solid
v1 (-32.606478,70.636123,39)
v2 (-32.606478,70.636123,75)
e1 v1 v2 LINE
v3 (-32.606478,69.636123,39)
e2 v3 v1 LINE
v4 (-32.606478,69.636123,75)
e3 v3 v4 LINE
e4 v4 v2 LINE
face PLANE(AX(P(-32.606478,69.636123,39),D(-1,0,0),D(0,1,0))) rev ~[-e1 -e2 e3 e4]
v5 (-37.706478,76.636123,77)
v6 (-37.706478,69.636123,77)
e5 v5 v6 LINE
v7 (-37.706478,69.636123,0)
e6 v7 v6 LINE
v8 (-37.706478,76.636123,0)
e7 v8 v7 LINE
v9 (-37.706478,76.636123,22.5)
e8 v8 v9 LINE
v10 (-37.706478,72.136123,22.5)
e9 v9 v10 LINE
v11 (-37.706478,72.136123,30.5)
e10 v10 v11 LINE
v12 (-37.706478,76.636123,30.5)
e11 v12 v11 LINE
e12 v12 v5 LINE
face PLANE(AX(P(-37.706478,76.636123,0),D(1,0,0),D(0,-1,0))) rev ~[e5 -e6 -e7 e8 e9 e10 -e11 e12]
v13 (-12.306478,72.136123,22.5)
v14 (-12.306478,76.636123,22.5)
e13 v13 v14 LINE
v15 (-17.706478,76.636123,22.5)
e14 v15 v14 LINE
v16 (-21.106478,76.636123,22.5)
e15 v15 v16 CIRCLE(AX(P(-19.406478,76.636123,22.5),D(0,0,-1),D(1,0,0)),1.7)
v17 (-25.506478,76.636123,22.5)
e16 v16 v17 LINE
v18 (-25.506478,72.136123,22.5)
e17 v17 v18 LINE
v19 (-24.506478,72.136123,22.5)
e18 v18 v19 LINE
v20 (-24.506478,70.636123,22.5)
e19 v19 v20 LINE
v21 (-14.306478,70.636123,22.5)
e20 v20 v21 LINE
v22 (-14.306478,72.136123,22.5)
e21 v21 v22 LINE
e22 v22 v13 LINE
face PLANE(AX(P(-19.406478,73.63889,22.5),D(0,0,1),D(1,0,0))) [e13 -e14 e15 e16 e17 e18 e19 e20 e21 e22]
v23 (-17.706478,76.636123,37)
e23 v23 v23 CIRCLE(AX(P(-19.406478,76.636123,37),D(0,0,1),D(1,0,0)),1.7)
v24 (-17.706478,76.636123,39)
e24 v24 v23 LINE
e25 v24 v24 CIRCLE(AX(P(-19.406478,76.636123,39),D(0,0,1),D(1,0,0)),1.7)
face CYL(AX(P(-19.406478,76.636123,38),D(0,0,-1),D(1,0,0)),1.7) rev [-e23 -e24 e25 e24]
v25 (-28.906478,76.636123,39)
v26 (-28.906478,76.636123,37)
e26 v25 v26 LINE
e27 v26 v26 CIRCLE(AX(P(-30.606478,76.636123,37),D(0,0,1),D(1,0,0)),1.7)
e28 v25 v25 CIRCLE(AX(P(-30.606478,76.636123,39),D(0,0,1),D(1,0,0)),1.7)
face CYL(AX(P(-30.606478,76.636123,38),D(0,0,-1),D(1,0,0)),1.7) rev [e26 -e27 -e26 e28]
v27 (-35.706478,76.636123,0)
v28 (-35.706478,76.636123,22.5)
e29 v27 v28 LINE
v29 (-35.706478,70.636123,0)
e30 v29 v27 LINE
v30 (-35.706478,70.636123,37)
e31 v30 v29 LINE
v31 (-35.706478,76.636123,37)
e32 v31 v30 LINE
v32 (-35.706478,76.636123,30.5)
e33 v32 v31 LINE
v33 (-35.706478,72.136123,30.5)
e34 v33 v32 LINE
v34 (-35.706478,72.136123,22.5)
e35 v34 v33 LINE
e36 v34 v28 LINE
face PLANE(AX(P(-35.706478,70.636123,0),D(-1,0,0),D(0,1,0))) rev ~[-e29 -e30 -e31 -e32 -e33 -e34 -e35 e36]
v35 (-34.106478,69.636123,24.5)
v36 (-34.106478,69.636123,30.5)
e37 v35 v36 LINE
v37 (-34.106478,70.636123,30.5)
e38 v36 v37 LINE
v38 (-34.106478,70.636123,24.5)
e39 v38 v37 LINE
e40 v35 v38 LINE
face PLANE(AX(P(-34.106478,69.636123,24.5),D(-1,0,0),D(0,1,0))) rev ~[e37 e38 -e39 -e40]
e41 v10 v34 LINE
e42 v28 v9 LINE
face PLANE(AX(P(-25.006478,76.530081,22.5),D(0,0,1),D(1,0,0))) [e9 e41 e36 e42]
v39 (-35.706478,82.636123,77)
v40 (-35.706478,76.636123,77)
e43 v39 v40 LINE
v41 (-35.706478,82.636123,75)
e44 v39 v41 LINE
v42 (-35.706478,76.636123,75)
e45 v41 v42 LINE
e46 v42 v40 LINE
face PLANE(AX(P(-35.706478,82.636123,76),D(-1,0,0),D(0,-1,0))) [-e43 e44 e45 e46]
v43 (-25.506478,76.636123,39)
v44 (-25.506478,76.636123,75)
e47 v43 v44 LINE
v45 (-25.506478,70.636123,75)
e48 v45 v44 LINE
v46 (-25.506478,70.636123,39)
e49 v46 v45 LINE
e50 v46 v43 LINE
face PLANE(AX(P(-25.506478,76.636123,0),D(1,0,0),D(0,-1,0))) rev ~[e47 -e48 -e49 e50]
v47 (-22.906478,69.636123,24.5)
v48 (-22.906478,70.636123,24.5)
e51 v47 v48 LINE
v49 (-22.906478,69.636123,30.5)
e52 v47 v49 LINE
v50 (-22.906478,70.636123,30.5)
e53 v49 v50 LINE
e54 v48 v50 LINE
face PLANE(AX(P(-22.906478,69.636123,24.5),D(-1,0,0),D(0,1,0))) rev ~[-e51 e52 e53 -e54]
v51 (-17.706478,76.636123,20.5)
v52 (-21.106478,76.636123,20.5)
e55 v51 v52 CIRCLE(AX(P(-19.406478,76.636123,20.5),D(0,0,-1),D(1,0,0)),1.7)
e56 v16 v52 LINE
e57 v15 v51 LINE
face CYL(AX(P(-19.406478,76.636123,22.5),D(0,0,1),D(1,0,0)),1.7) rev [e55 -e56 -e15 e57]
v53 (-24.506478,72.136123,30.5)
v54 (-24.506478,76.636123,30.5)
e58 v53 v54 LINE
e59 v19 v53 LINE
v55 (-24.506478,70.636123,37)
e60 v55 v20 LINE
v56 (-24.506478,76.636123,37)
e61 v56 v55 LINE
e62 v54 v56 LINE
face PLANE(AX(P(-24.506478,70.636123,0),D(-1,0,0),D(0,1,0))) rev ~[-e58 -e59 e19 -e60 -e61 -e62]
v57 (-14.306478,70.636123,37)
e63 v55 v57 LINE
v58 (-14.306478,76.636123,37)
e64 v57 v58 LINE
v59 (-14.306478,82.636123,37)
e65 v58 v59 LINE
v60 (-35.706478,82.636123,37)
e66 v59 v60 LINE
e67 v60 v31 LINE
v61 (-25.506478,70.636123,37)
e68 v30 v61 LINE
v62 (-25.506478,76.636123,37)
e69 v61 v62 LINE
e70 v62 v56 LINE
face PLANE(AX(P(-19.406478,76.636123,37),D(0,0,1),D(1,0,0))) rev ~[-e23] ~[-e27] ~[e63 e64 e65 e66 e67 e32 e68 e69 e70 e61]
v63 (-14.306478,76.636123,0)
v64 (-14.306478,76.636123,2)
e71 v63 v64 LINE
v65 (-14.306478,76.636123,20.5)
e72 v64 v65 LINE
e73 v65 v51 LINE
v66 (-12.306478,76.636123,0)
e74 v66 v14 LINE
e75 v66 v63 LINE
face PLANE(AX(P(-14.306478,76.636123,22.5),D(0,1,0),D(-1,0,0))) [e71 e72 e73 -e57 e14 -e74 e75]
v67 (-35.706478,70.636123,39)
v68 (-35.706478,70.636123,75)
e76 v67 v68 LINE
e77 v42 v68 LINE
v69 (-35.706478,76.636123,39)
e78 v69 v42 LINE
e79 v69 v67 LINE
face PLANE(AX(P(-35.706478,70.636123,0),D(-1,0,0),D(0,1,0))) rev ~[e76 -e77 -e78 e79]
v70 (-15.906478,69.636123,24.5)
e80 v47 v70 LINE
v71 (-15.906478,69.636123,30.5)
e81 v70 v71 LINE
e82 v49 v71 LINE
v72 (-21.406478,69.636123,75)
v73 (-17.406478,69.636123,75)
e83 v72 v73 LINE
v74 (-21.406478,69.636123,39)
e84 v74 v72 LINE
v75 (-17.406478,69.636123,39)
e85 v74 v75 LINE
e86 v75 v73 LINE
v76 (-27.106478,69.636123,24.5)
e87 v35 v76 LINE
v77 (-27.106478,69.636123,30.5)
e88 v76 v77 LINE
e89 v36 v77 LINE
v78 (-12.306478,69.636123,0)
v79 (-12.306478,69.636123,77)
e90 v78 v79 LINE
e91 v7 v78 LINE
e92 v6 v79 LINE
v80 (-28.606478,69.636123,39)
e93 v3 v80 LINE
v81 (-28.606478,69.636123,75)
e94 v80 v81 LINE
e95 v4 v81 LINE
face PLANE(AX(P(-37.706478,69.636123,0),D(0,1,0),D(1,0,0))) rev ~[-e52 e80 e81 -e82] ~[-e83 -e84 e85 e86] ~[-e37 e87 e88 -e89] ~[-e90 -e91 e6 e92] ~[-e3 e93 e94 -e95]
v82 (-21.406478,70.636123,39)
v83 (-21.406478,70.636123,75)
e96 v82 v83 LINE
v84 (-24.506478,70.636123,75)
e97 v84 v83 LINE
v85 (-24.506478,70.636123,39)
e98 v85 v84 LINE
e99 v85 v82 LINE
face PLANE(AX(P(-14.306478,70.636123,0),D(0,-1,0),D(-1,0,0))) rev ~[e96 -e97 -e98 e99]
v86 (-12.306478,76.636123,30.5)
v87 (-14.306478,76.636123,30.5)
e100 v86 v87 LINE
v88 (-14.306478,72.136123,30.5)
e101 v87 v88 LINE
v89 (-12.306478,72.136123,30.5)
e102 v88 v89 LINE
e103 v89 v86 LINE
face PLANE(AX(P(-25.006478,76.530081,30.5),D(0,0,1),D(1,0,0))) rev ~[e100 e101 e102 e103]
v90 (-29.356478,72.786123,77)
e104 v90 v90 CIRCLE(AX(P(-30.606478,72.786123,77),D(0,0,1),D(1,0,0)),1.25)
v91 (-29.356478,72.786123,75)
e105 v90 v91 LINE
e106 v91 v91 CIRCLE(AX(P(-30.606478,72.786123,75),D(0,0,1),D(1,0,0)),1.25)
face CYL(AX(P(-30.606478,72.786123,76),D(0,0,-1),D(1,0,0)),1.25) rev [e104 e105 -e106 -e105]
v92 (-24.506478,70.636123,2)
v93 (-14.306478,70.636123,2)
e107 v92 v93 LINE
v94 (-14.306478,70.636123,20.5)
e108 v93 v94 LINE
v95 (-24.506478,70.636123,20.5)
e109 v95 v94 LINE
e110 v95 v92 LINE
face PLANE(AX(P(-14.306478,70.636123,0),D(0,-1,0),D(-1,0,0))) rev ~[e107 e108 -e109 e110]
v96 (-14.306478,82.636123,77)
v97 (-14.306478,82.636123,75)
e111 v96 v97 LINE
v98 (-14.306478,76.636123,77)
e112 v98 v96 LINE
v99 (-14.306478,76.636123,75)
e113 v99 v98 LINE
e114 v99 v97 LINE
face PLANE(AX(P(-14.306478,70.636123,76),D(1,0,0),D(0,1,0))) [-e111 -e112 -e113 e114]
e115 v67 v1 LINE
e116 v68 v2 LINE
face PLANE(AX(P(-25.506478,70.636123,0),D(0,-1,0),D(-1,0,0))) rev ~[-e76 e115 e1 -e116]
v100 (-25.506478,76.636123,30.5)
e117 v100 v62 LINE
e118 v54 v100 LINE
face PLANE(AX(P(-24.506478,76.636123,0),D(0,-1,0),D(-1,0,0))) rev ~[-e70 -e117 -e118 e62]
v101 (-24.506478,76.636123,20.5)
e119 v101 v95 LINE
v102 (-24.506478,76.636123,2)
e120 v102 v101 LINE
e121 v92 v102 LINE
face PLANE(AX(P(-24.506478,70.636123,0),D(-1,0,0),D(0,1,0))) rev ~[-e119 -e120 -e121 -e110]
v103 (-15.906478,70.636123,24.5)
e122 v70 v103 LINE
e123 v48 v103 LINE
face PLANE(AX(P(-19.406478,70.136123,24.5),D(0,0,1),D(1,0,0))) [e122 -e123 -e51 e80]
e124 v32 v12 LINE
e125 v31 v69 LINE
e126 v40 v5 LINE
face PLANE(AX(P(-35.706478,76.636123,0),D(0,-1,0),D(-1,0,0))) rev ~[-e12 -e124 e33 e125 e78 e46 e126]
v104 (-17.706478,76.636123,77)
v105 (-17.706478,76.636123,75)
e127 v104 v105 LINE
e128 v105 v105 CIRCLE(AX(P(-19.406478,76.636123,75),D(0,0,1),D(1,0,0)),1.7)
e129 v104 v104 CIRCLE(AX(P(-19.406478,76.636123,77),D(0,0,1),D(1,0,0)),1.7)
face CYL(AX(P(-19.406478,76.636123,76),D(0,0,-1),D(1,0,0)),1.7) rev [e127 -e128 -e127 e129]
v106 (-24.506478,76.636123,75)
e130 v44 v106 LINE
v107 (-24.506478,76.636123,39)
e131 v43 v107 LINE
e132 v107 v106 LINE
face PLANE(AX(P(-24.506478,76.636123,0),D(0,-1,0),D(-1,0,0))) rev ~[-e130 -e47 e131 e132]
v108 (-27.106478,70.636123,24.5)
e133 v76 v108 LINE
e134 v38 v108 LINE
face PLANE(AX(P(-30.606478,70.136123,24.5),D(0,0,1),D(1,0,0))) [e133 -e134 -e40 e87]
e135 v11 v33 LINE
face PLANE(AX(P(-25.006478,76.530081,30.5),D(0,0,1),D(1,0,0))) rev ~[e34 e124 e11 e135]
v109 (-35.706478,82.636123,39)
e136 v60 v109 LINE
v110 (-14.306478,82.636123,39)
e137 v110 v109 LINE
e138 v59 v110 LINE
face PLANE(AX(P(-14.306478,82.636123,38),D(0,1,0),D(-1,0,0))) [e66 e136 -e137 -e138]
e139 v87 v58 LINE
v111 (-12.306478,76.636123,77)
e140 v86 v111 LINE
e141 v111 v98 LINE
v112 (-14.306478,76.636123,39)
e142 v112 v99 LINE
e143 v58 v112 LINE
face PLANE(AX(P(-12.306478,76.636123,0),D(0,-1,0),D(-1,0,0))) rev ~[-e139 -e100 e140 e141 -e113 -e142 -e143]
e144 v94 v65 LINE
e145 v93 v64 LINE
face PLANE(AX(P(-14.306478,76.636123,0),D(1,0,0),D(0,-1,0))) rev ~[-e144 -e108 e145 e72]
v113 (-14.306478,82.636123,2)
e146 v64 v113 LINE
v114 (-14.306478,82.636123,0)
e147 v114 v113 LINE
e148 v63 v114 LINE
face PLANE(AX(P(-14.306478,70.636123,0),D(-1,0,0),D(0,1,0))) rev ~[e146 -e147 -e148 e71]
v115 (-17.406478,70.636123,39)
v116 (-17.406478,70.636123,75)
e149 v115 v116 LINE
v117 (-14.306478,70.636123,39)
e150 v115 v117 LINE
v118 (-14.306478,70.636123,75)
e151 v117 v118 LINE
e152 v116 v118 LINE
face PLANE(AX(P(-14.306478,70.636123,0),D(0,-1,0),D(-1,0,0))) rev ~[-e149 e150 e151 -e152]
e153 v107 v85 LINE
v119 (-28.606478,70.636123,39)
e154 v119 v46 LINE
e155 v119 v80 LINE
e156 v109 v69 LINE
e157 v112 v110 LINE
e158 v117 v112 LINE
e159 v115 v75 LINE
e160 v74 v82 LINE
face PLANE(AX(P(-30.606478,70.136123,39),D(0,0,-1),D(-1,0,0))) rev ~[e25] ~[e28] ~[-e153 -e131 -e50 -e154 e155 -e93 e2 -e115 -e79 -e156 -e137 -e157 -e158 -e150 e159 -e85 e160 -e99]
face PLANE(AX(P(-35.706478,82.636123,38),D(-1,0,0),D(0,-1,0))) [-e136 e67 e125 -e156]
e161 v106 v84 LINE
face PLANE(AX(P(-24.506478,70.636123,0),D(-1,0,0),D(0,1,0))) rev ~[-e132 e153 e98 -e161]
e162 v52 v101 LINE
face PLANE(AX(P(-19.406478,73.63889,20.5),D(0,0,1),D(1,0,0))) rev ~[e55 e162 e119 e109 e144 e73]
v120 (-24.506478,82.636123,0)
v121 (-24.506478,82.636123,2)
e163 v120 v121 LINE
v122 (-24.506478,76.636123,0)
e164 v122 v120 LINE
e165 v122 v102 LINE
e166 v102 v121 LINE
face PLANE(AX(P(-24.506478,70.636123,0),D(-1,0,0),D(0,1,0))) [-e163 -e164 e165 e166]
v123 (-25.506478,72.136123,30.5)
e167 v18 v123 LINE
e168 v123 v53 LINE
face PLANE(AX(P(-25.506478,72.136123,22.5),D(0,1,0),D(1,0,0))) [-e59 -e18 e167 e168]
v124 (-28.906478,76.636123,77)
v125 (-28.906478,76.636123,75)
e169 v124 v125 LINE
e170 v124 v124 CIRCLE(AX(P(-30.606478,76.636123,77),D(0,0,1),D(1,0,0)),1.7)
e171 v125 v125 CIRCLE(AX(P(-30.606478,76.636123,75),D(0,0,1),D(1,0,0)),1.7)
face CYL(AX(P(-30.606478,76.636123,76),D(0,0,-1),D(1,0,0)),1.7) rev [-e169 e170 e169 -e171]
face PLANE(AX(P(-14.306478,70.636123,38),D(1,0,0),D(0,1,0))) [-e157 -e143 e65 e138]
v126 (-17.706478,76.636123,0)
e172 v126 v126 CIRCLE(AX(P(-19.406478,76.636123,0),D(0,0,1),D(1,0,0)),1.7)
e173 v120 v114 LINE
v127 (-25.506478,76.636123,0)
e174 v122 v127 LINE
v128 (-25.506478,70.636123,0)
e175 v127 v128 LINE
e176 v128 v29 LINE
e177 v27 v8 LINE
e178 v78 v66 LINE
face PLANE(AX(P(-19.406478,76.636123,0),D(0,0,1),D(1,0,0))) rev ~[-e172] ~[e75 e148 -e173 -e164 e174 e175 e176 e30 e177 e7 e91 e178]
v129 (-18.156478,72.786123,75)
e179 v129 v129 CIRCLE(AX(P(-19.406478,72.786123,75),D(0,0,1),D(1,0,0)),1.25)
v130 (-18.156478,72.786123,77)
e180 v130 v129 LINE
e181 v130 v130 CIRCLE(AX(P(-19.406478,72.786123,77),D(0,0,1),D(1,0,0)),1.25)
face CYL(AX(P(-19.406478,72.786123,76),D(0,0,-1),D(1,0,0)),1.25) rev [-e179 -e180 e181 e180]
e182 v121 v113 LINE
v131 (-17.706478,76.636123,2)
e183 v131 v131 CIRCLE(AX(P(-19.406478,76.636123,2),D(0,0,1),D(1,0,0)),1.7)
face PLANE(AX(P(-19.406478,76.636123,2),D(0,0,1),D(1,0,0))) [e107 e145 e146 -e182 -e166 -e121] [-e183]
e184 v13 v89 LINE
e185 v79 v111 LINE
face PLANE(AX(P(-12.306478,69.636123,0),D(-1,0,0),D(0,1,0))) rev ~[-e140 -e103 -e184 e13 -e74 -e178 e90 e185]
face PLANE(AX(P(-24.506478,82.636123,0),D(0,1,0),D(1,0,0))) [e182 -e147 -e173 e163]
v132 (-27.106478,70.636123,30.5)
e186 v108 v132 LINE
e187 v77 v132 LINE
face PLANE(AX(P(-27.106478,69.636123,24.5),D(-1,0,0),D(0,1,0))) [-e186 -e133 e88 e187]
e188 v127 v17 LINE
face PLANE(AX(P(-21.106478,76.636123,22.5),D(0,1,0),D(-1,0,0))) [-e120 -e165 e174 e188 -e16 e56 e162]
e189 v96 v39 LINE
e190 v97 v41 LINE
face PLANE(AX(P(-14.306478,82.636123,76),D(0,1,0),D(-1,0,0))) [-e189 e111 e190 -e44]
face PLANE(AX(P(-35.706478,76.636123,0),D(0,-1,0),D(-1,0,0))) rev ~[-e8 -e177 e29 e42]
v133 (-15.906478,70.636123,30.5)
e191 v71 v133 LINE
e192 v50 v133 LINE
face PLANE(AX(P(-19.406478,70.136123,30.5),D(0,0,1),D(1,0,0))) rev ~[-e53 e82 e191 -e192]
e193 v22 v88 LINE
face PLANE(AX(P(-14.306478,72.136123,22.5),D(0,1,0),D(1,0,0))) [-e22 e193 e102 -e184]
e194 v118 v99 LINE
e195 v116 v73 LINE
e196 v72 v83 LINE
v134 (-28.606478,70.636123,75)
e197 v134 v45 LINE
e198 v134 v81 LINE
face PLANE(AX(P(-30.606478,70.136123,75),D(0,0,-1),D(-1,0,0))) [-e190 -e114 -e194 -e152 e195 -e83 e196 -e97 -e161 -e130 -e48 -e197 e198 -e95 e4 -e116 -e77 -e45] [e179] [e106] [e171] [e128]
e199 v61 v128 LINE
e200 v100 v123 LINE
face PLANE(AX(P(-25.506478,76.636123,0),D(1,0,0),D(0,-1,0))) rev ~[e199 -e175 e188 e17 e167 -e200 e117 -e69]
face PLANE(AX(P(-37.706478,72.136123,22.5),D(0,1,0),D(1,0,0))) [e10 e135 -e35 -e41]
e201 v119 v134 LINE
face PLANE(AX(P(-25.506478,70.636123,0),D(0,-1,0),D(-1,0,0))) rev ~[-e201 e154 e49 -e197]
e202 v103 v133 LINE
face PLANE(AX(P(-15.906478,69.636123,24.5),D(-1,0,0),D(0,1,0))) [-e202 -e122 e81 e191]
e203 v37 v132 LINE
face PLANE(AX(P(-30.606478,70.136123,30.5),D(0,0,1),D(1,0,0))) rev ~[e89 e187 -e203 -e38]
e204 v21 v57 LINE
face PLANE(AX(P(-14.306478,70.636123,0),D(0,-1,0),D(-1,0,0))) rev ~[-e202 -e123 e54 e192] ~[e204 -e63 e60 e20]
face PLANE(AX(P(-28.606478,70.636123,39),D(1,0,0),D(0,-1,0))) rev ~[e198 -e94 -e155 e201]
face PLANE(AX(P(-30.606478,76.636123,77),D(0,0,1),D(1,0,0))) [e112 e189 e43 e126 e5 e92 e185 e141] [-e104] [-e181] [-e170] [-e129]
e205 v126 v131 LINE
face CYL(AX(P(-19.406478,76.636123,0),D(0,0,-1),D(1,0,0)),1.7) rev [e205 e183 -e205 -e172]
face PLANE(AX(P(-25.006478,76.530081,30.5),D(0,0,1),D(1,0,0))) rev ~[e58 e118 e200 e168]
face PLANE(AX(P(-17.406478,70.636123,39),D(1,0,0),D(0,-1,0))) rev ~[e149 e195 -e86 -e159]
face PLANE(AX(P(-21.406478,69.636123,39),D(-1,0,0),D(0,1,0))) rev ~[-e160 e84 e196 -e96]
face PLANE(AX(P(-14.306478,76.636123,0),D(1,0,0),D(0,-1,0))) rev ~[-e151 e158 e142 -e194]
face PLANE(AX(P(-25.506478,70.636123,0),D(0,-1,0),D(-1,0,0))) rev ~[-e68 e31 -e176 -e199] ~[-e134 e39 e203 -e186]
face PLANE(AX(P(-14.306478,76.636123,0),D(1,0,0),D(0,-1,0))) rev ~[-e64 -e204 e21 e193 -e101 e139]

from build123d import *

# Parameters (mm, degrees)
GEARBOX_MOUNT_DEPTH  = 77
BOSS_EXTRUDE6_START  = 38
SKETCH7_R            = 1.7
SKETCH7_W            = 1
SKETCH7_H            = 6
BOSS_EXTRUDE6_DEPTH  = 1
BOSS_EXTRUDE7_START  = 76
SKETCH8_R            = 1.25
SKETCH8_R_2          = 1.7
SKETCH8_W            = 1
SKETCH8_H            = 6
BOSS_EXTRUDE7_DEPTH  = 1
CUT_EXTRUDE1_START   = 22.5
CUT_EXTRUDE1_DEPTH   = 8
BOSS_EXTRUDE9_START  = 22.5
BOSS_EXTRUDE9_DEPTH  = 2
SKETCH12_W           = 10.2
SKETCH12_H           = 12
SKETCH12_R           = 1.7
BOSS_EXTRUDE10_DEPTH = 2
CUT_EXTRUDE2_START   = 24.5
SKETCH9_W            = 7
SKETCH9_H            = 1
CUT_EXTRUDE2_DEPTH   = 6
CUT_EXTRUDE3_START   = 39
CUT_EXTRUDE3_DEPTH   = 36


with BuildPart() as part:
    # Sketch2 → Gearbox Mount (new body)
    with BuildSketch(Plane.XY):
        Polygon((-24.506477671, 70.636122542), (-24.506477671, 76.636122542), (-25.506477671, 76.636122542), (-25.506477671, 70.636122542), (-35.706477671, 70.636122542), (-35.706477671, 76.636122542), (-37.706477671, 76.636122542), (-37.706477671, 69.636122542), (-12.306477671, 69.636122542), (-12.306477671, 76.636122542), (-14.306477671, 76.636122542), (-14.306477671, 70.636122542), align=None)
    extrude(amount=GEARBOX_MOUNT_DEPTH)

    # Sketch7 → Boss-Extrude6 (add, symmetric)
    with BuildSketch(Plane.XY.offset(BOSS_EXTRUDE6_START)):
        Polygon((-24.506477671, 76.636122542), (-24.506477671, 70.636122542), (-14.306477671, 70.636122542), (-14.306477671, 76.636122542), (-14.306477671, 82.636122542), (-24.506477671, 82.636122542), align=None)
        with Locations((-19.406477671, 76.636122542)):
            Circle(SKETCH7_R, mode=Mode.SUBTRACT)
        with Locations((-25.006477671, 79.636122542)):
            Rectangle(SKETCH7_W, SKETCH7_H)
        Polygon((-25.506477671, 70.636122542), (-25.506477671, 76.636122542), (-25.506477671, 82.636122542), (-35.706477671, 82.636122542), (-35.706477671, 70.636122542), align=None)
        with Locations((-30.606477671, 76.636122542)):
            Circle(SKETCH7_R, mode=Mode.SUBTRACT)
    extrude(amount=BOSS_EXTRUDE6_DEPTH, both=True)

    # Sketch8 → Boss-Extrude7 (add, symmetric)
    with BuildSketch(Plane.XY.offset(BOSS_EXTRUDE7_START)):
        Polygon((-35.706477671, 82.636122542), (-35.706477671, 70.636122542), (-25.506477671, 70.636122542), (-25.506477671, 76.636122542), (-25.506477671, 82.636122542), align=None)
        with Locations((-30.606477671, 72.786122542)):
            Circle(SKETCH8_R, mode=Mode.SUBTRACT)
        with Locations((-30.606477671, 76.636122542)):
            Circle(SKETCH8_R_2, mode=Mode.SUBTRACT)
        with Locations((-25.006477671, 79.636122542)):
            Rectangle(SKETCH8_W, SKETCH8_H)
        Polygon((-14.306477671, 82.636122542), (-24.506477671, 82.636122542), (-24.506477671, 76.636122542), (-24.506477671, 70.636122542), (-14.306477671, 70.636122542), (-14.306477671, 76.636122542), align=None)
        with Locations((-19.406477671, 72.786122542)):
            Circle(SKETCH8_R, mode=Mode.SUBTRACT)
        with Locations((-19.406477671, 76.636122542)):
            Circle(SKETCH8_R_2, mode=Mode.SUBTRACT)
    extrude(amount=BOSS_EXTRUDE7_DEPTH, both=True)

    # Sketch10 → Cut-Extrude1 (cut)
    with BuildSketch(Plane.XY.offset(CUT_EXTRUDE1_START)):
        Polygon((-14.306477671, 70.636122542), (-14.306477671, 72.136122542), (-12.306477671, 72.136122542), (-12.306477671, 82.636122542), (-37.706477671, 82.636122542), (-37.706477671, 72.136122542), (-35.706477671, 72.136122542), (-35.706477671, 70.636122542), (-25.506477671, 70.636122542), (-25.506477671, 72.136122542), (-24.506477671, 72.136122542), (-24.506477671, 70.636122542), align=None)
    extrude(amount=CUT_EXTRUDE1_DEPTH, mode=Mode.SUBTRACT)

    # Sketch11 → Boss-Extrude9 (add)
    with BuildSketch(Plane.XY.offset(BOSS_EXTRUDE9_START)):
        with BuildLine():
            Line((-24.506477671, 76.636122542), (-24.506477671, 70.636122542))
            Line((-24.506477671, 70.636122542), (-14.306477671, 70.636122542))
            Line((-14.306477671, 70.636122542), (-14.306477671, 76.636122542))
            Line((-14.306477671, 76.636122542), (-17.706477671, 76.636122542))
            ThreePointArc((-17.706477671, 76.636122542), (-19.406477671, 74.936122542), (-21.106477671, 76.636122542))
            Line((-21.106477671, 76.636122542), (-24.506477671, 76.636122542))
        make_face()
    extrude(amount=-BOSS_EXTRUDE9_DEPTH)

    # Sketch12 → Boss-Extrude10 (add)
    with BuildSketch(Plane.XY):
        with Locations((-19.406477671, 76.636122542)):
            Rectangle(SKETCH12_W, SKETCH12_H)
        with Locations((-19.406477671, 76.636122542)):
            Circle(SKETCH12_R, mode=Mode.SUBTRACT)
    extrude(amount=BOSS_EXTRUDE10_DEPTH)

    # Sketch9 → Cut-Extrude2 (cut)
    with BuildSketch(Plane.XY.offset(CUT_EXTRUDE2_START)):
        with Locations((-30.606477671, 70.136122542)):
            Rectangle(SKETCH9_W, SKETCH9_H)
        with Locations((-19.406477671, 70.136122542)):
            Rectangle(SKETCH9_W, SKETCH9_H)
    extrude(amount=CUT_EXTRUDE2_DEPTH, mode=Mode.SUBTRACT)

    # Sketch13 → Cut-Extrude3 (cut)
    with BuildSketch(Plane.XY.offset(CUT_EXTRUDE3_START)):
        Polygon((-19.406477671, 69.636122542), (-21.406477671, 69.636122542), (-21.406477671, 70.636122542), (-17.406477671, 70.636122542), (-17.406477671, 69.636122542), align=None)
        Polygon((-30.606477671, 69.636122542), (-32.606477671, 69.636122542), (-32.606477671, 70.636122542), (-28.606477671, 70.636122542), (-28.606477671, 69.636122542), align=None)
    extrude(amount=CUT_EXTRUDE3_DEPTH, mode=Mode.SUBTRACT)


solid = part.part
